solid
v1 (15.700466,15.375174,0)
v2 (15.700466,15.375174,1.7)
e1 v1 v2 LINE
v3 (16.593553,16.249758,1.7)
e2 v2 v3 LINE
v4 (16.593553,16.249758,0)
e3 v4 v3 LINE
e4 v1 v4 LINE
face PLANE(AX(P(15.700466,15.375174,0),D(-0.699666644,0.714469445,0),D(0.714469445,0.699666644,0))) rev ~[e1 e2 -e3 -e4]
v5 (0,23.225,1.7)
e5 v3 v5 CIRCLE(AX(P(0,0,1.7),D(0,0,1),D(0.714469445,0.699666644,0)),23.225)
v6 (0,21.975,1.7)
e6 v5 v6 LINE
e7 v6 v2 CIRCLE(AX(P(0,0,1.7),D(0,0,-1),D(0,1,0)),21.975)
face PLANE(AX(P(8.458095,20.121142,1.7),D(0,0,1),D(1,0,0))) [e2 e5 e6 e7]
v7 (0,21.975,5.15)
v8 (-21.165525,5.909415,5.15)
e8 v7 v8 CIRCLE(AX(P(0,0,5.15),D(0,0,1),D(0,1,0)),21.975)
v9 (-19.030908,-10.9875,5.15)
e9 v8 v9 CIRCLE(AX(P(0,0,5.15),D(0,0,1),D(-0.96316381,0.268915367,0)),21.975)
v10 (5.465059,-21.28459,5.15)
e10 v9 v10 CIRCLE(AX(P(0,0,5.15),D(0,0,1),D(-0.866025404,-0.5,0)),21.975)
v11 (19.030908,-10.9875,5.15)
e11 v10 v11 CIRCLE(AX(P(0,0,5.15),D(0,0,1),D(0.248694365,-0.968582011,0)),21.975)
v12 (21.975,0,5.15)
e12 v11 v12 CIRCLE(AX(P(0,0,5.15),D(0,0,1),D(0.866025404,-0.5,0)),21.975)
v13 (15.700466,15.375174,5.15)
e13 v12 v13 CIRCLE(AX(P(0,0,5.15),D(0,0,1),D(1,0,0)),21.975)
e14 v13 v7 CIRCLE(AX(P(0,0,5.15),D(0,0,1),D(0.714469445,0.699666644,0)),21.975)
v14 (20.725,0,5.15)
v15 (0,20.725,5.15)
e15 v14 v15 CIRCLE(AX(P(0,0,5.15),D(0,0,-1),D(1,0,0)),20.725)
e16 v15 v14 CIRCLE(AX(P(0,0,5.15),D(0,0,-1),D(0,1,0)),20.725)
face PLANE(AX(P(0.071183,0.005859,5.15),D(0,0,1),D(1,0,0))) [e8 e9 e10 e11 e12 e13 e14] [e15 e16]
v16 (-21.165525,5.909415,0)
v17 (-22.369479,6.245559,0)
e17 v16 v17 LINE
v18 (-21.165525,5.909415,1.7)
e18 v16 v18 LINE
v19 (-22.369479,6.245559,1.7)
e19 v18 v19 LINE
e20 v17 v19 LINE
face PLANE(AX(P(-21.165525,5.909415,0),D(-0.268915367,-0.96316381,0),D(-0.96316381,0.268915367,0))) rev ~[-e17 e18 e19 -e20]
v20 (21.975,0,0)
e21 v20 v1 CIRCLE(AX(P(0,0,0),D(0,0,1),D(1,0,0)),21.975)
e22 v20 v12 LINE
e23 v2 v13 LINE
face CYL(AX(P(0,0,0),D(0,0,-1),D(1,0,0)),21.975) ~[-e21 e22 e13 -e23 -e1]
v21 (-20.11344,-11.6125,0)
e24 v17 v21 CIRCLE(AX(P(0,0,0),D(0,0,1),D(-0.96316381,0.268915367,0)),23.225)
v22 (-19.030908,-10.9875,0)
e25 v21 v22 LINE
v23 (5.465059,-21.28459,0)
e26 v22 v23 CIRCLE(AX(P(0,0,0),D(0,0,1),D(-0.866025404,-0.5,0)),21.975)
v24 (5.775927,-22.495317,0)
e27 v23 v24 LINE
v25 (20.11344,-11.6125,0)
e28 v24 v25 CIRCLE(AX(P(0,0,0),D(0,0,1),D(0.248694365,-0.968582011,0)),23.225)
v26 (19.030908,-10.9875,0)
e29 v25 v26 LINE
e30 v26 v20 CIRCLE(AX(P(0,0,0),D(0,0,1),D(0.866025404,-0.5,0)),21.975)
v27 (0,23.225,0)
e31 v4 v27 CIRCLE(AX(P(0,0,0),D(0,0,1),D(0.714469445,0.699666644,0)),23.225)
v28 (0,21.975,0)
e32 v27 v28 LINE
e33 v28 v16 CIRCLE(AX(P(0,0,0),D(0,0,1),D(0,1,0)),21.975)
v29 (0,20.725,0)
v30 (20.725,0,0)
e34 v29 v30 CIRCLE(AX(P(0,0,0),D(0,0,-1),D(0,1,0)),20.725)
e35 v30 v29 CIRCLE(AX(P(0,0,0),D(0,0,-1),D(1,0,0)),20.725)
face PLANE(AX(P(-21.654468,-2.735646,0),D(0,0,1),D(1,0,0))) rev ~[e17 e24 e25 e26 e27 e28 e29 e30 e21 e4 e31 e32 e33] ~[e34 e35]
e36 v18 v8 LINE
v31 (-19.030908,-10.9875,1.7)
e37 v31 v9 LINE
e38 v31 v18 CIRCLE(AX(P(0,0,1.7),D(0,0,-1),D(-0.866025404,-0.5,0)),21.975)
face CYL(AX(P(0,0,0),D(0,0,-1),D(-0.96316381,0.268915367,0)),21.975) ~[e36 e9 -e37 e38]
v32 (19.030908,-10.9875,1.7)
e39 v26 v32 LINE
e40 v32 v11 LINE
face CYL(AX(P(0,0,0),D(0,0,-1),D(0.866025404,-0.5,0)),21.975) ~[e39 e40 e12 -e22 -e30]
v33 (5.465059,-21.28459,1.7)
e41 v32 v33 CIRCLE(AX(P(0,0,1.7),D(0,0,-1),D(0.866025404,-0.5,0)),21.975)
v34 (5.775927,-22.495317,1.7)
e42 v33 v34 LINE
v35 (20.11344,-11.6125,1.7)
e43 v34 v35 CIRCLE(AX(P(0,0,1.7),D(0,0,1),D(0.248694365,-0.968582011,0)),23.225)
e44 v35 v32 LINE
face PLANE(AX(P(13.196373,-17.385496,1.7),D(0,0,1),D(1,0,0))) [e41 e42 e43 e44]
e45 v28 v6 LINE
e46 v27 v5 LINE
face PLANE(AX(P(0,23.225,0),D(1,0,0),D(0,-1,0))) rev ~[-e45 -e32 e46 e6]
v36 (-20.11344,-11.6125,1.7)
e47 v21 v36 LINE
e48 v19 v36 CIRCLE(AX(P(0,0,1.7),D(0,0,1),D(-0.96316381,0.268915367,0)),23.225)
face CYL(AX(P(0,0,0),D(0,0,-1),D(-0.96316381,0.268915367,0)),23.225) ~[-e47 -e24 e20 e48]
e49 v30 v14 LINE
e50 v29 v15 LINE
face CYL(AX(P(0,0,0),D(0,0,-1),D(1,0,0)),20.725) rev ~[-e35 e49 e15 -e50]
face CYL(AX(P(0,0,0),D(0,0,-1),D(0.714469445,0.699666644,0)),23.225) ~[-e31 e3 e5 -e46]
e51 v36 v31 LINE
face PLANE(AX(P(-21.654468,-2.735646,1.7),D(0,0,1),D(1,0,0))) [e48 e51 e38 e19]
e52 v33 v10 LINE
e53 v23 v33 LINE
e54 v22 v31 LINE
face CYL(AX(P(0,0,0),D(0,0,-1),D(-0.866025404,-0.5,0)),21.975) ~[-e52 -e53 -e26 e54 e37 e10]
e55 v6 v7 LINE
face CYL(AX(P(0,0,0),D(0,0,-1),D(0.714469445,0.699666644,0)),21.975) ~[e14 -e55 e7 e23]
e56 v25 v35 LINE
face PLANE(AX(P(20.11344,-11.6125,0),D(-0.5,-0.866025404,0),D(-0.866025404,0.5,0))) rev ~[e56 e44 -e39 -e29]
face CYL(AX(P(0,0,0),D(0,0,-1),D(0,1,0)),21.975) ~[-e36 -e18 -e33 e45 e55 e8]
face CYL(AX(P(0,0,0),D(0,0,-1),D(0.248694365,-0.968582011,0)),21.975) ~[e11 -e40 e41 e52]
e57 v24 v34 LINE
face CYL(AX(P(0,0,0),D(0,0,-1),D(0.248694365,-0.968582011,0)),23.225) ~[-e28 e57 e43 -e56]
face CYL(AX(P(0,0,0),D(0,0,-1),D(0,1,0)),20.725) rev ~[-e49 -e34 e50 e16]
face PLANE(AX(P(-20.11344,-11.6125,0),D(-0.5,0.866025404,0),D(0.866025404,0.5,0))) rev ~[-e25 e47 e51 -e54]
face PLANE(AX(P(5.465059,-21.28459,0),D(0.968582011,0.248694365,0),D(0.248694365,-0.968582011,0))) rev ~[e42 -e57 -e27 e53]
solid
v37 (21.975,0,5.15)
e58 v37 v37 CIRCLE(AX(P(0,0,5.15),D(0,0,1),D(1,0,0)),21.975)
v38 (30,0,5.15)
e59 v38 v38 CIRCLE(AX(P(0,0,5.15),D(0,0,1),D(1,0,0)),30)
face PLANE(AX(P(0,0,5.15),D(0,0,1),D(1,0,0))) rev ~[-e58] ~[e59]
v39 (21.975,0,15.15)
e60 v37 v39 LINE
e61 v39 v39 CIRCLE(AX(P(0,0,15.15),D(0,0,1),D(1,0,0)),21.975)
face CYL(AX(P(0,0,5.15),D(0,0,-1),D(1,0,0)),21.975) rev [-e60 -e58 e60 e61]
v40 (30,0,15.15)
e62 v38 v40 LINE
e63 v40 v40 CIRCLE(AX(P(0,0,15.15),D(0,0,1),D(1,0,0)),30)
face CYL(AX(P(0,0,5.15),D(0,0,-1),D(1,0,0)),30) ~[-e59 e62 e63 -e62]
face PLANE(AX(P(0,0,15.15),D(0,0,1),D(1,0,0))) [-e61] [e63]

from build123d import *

# Parameters (mm, degrees)
F4_DEPTH = 5.15
F5_DEPTH = 1.7
F6_R     = 30
F6_R_2   = 21.975
F7_DEPTH = 10


with BuildPart() as f4:
    # F3 (on Top) → F4 (new body)
    with BuildSketch(Plane.XY):
        with BuildLine():
            ThreePointArc((15.7004660478, 15.3751744992), (8.5156081808, 20.2579624422), (0, 21.975))
            ThreePointArc((0, 21.975), (-13.2861060135, 17.5037142344), (-21.1655247279, 5.909415199))
            ThreePointArc((-21.1655247279, 5.909415199), (-21.8017141943, -2.7542482078), (-19.0309082482, -10.9875))
            ThreePointArc((-19.0309082482, -10.9875), (-8.5156081808, -20.2579624422), (5.4650586801, -21.2845896983))
            ThreePointArc((5.4650586801, -21.2845896983), (13.2861060135, -17.5037142344), (19.0309082482, -10.9875))
            ThreePointArc((19.0309082482, -10.9875), (21.2262200327, -5.6875485161), (21.975, 0))
            ThreePointArc((21.975, 0), (20.3459869065, 8.3030983253), (15.7004660478, 15.3751744992))
        make_face()
        with BuildLine():
            ThreePointArc((0, 20.725), (14.6547880401, 14.6547880401), (20.725, 0))
            ThreePointArc((20.725, 0), (-14.6547880401, -14.6547880401), (0, 20.725))
        make_face(mode=Mode.SUBTRACT)
    extrude(amount=F4_DEPTH)

    # F3 (on Top) → F5 (join)
    with BuildSketch(Plane.XY):
        with BuildLine():
            ThreePointArc((-19.0309082482, -10.9875), (-21.8017141943, -2.7542482078), (-21.1655247279, 5.909415199))
            Line((-21.1655247279, 5.909415199), (-22.3694794905, 6.2455594083))
            ThreePointArc((-22.3694794905, 6.2455594083), (-23.0418572088, -2.9109176167), (-20.1134400029, -11.6125))
            Line((-20.1134400029, -11.6125), (-19.0309082482, -10.9875))
        make_face()
        with BuildLine():
            Line((0, 23.225), (0, 21.975))
            ThreePointArc((0, 21.975), (8.5156081808, 20.2579624422), (15.7004660478, 15.3751744992))
            Line((15.7004660478, 15.3751744992), (16.5935528537, 16.2497578041))
            ThreePointArc((16.5935528537, 16.2497578041), (9, 21.4102925015), (0, 23.225))
        make_face()
        with BuildLine():
            Line((20.1134400029, -11.6125), (19.0309082482, -10.9875))
            ThreePointArc((19.0309082482, -10.9875), (13.2861060135, -17.5037142344), (5.4650586801, -21.2845896983))
            Line((5.4650586801, -21.2845896983), (5.7759266368, -22.4953172124))
            ThreePointArc((5.7759266368, -22.4953172124), (14.0418572088, -18.4993748848), (20.1134400029, -11.6125))
        make_face()
    extrude(amount=F5_DEPTH)


with BuildPart() as f7:
    # F6 (on face) → F7 (new body)
    with BuildSketch(Plane.XY.offset(5.15)):
        Circle(F6_R)
        Circle(F6_R_2, mode=Mode.SUBTRACT)
    extrude(amount=F7_DEPTH)


solid = Compound([f4.part, f7.part])
